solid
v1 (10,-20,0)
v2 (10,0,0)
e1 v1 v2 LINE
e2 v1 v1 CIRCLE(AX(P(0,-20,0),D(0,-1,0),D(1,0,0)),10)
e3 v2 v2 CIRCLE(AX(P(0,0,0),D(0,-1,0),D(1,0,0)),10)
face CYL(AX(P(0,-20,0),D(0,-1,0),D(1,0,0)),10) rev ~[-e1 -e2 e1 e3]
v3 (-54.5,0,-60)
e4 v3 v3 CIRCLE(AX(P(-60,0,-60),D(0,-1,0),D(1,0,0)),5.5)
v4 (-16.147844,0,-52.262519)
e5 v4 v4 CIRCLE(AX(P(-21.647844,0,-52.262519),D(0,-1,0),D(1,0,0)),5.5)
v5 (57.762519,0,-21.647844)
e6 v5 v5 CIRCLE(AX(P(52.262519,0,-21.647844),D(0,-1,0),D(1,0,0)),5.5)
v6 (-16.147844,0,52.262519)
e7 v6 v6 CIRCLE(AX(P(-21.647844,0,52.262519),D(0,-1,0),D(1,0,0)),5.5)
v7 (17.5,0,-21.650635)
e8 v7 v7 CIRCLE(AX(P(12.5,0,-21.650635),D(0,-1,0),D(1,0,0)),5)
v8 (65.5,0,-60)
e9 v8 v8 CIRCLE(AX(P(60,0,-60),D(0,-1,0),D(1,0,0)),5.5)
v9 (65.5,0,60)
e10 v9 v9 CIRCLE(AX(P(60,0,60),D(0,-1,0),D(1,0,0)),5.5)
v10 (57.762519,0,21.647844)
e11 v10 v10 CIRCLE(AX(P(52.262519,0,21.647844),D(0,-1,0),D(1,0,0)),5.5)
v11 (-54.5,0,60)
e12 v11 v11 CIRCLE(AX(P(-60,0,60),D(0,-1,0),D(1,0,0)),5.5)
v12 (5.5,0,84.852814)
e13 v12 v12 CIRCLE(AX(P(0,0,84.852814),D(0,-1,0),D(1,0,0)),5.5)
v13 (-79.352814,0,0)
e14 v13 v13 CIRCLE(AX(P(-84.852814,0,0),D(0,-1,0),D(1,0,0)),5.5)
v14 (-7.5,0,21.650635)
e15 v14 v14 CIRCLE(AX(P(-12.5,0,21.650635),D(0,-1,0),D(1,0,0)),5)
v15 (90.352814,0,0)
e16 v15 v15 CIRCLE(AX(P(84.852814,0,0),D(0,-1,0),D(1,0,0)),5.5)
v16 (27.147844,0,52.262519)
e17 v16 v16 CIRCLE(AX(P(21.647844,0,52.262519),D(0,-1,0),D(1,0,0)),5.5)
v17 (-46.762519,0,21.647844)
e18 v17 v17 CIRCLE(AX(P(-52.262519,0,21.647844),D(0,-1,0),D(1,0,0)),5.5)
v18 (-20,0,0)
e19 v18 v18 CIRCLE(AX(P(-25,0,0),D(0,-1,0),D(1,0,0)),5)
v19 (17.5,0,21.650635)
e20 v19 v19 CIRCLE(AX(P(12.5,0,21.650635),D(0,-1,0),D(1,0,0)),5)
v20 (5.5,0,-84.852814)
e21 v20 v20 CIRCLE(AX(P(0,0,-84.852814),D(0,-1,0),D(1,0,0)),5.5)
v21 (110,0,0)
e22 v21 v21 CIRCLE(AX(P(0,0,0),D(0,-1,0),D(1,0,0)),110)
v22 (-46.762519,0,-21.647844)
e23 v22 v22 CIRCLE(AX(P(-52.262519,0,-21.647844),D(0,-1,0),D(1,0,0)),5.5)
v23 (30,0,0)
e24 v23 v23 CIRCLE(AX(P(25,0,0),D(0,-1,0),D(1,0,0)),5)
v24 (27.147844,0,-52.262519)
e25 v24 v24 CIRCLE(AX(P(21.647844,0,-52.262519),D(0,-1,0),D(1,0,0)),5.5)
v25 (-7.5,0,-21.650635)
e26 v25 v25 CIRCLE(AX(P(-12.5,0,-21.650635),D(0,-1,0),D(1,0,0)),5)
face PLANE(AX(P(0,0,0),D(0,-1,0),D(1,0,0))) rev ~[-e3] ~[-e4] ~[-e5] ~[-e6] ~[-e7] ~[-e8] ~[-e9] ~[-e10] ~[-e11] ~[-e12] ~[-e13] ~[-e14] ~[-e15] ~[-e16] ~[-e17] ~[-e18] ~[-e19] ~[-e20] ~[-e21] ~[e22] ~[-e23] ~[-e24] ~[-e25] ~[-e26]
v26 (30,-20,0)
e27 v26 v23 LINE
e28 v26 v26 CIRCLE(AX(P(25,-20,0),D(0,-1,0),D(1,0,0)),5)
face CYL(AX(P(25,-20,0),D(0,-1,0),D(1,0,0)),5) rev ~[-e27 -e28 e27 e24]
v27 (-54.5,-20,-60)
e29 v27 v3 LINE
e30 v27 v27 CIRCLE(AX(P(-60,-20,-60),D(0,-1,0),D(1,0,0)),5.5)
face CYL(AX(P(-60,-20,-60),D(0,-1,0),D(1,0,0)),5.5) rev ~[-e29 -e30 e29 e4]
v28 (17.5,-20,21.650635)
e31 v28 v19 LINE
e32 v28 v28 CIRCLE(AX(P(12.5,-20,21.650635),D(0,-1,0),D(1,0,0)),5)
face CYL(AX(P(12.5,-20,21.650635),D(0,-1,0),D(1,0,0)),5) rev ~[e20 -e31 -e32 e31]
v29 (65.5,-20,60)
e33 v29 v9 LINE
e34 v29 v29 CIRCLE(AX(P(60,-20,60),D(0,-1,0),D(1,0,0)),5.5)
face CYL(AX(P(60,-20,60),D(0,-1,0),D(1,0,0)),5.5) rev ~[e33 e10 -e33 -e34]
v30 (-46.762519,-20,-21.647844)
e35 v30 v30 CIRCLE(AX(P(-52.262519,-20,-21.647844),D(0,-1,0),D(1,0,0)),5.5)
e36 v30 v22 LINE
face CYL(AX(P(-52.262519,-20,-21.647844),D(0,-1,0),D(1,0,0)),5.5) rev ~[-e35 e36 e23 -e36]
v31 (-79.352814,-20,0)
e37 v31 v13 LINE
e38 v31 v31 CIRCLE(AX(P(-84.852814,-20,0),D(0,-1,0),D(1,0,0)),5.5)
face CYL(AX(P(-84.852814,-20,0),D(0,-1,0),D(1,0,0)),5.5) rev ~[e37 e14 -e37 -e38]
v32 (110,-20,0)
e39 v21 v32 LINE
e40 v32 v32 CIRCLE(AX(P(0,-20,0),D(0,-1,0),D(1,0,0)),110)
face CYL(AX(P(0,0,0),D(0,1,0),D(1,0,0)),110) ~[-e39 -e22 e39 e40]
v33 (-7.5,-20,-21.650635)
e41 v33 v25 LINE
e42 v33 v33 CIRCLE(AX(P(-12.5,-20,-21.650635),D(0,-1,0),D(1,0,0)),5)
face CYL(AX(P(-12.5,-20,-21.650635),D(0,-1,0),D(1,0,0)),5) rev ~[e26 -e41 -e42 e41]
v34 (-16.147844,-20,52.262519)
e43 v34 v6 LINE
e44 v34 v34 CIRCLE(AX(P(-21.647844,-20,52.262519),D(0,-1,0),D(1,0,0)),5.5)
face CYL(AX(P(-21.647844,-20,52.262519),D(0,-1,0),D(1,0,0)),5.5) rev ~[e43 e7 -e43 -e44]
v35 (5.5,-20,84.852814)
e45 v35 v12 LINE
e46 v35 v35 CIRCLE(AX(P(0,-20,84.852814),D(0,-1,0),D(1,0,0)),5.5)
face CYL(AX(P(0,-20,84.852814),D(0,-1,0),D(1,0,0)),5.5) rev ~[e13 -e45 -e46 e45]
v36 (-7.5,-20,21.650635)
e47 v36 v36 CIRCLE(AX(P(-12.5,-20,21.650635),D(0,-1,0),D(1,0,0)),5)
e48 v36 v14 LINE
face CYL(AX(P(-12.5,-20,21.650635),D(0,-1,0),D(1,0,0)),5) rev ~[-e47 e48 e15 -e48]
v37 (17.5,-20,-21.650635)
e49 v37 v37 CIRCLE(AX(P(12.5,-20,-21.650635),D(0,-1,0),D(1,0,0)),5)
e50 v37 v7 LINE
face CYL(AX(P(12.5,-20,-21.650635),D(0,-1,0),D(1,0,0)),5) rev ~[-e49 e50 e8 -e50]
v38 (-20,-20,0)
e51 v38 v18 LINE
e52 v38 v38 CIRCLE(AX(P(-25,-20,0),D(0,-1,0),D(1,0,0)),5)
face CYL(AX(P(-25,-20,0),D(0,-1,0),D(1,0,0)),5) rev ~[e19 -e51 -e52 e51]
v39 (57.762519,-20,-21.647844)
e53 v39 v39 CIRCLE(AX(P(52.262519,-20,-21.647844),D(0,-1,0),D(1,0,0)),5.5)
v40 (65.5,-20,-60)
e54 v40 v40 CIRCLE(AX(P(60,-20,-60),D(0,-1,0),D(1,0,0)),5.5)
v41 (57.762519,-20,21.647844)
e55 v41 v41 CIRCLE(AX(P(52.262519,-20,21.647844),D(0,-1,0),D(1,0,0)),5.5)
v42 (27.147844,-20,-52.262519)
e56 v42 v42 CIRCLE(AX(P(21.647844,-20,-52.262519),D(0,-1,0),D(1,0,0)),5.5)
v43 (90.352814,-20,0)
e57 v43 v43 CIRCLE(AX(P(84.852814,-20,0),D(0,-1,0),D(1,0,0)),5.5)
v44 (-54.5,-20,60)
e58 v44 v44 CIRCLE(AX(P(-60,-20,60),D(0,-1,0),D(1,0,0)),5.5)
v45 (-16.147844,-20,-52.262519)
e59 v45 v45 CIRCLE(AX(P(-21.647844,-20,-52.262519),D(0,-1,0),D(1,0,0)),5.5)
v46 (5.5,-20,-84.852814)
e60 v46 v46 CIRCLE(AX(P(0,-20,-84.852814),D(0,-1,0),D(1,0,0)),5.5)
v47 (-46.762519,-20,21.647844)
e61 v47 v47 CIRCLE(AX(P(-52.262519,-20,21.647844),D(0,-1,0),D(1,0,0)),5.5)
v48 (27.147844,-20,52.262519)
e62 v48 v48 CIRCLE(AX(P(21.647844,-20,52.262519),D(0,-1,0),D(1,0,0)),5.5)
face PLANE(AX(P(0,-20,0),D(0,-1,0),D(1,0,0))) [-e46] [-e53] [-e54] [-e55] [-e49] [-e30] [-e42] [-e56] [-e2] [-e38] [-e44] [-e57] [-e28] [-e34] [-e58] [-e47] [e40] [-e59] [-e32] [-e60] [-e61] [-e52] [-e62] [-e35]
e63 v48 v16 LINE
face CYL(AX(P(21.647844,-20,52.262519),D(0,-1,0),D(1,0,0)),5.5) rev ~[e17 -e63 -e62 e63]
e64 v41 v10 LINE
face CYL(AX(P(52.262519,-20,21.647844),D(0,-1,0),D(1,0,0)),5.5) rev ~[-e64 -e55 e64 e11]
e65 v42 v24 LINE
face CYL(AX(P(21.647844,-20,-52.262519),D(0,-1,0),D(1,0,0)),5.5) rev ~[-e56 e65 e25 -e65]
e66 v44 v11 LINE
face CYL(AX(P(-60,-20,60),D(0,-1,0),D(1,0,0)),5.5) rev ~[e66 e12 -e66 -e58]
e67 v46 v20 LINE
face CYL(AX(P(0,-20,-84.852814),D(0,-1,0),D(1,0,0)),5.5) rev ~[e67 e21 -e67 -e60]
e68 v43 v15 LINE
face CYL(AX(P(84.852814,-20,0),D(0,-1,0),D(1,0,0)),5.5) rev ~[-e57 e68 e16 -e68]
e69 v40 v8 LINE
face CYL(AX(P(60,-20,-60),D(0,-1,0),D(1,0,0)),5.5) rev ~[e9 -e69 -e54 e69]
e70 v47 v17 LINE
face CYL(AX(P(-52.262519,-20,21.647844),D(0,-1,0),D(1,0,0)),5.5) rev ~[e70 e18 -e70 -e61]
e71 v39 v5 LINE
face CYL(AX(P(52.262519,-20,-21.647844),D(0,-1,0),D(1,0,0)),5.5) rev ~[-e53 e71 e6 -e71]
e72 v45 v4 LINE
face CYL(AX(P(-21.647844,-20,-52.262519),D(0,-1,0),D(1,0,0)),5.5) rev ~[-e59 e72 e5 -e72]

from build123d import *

# Parameters (mm, degrees)
F0_R     = 110
F1_DEPTH = 20
F2_R     = 5.5
F2_R_2   = 10
F3_DEPTH = 25
F4_R     = 5
F5_DEPTH = 25


with BuildPart() as f1:
    # F0 (on Front) → F1 (new body)
    with BuildSketch(Plane.XZ):
        Circle(F0_R)
    extrude(amount=F1_DEPTH)

    # F2 (on face) → F3 (cut)
    with BuildSketch(Plane.XZ.offset(20)):
        with Locations((84.852814, 0)):
            Circle(F2_R)
        with Locations((60, 60)):
            Circle(F2_R)
        with Locations((0, 84.852814)):
            Circle(F2_R)
        with Locations((-60, 60)):
            Circle(F2_R)
        with Locations((-84.852814, 0)):
            Circle(F2_R)
        with Locations((-60, -60)):
            Circle(F2_R)
        with Locations((0, -84.852814)):
            Circle(F2_R)
        with Locations((60, -60)):
            Circle(F2_R)
        Circle(F2_R_2)
        with Locations((52.262519, 21.647844)):
            Circle(F2_R)
        with Locations((52.262519, -21.647844)):
            Circle(F2_R)
        with Locations((21.647844, -52.262519)):
            Circle(F2_R)
        with Locations((-21.647844, -52.262519)):
            Circle(F2_R)
        with Locations((-52.262519, -21.647844)):
            Circle(F2_R)
        with Locations((-52.262519, 21.647844)):
            Circle(F2_R)
        with Locations((-21.647844, 52.262519)):
            Circle(F2_R)
        with Locations((21.647844, 52.262519)):
            Circle(F2_R)
    extrude(amount=-F3_DEPTH, mode=Mode.SUBTRACT)

    # F4 (on face) → F5 (cut)
    with BuildSketch(Plane.XZ.offset(20)):
        with Locations((25, 0)):
            Circle(F4_R)
        with Locations((12.5, 21.650635)):
            Circle(F4_R)
        with Locations((-12.5, 21.650635)):
            Circle(F4_R)
        with Locations((-25, 0)):
            Circle(F4_R)
        with Locations((-12.5, -21.650635)):
            Circle(F4_R)
        with Locations((12.5, -21.650635)):
            Circle(F4_R)
    extrude(amount=-F5_DEPTH, mode=Mode.SUBTRACT)


solid = f1.part
